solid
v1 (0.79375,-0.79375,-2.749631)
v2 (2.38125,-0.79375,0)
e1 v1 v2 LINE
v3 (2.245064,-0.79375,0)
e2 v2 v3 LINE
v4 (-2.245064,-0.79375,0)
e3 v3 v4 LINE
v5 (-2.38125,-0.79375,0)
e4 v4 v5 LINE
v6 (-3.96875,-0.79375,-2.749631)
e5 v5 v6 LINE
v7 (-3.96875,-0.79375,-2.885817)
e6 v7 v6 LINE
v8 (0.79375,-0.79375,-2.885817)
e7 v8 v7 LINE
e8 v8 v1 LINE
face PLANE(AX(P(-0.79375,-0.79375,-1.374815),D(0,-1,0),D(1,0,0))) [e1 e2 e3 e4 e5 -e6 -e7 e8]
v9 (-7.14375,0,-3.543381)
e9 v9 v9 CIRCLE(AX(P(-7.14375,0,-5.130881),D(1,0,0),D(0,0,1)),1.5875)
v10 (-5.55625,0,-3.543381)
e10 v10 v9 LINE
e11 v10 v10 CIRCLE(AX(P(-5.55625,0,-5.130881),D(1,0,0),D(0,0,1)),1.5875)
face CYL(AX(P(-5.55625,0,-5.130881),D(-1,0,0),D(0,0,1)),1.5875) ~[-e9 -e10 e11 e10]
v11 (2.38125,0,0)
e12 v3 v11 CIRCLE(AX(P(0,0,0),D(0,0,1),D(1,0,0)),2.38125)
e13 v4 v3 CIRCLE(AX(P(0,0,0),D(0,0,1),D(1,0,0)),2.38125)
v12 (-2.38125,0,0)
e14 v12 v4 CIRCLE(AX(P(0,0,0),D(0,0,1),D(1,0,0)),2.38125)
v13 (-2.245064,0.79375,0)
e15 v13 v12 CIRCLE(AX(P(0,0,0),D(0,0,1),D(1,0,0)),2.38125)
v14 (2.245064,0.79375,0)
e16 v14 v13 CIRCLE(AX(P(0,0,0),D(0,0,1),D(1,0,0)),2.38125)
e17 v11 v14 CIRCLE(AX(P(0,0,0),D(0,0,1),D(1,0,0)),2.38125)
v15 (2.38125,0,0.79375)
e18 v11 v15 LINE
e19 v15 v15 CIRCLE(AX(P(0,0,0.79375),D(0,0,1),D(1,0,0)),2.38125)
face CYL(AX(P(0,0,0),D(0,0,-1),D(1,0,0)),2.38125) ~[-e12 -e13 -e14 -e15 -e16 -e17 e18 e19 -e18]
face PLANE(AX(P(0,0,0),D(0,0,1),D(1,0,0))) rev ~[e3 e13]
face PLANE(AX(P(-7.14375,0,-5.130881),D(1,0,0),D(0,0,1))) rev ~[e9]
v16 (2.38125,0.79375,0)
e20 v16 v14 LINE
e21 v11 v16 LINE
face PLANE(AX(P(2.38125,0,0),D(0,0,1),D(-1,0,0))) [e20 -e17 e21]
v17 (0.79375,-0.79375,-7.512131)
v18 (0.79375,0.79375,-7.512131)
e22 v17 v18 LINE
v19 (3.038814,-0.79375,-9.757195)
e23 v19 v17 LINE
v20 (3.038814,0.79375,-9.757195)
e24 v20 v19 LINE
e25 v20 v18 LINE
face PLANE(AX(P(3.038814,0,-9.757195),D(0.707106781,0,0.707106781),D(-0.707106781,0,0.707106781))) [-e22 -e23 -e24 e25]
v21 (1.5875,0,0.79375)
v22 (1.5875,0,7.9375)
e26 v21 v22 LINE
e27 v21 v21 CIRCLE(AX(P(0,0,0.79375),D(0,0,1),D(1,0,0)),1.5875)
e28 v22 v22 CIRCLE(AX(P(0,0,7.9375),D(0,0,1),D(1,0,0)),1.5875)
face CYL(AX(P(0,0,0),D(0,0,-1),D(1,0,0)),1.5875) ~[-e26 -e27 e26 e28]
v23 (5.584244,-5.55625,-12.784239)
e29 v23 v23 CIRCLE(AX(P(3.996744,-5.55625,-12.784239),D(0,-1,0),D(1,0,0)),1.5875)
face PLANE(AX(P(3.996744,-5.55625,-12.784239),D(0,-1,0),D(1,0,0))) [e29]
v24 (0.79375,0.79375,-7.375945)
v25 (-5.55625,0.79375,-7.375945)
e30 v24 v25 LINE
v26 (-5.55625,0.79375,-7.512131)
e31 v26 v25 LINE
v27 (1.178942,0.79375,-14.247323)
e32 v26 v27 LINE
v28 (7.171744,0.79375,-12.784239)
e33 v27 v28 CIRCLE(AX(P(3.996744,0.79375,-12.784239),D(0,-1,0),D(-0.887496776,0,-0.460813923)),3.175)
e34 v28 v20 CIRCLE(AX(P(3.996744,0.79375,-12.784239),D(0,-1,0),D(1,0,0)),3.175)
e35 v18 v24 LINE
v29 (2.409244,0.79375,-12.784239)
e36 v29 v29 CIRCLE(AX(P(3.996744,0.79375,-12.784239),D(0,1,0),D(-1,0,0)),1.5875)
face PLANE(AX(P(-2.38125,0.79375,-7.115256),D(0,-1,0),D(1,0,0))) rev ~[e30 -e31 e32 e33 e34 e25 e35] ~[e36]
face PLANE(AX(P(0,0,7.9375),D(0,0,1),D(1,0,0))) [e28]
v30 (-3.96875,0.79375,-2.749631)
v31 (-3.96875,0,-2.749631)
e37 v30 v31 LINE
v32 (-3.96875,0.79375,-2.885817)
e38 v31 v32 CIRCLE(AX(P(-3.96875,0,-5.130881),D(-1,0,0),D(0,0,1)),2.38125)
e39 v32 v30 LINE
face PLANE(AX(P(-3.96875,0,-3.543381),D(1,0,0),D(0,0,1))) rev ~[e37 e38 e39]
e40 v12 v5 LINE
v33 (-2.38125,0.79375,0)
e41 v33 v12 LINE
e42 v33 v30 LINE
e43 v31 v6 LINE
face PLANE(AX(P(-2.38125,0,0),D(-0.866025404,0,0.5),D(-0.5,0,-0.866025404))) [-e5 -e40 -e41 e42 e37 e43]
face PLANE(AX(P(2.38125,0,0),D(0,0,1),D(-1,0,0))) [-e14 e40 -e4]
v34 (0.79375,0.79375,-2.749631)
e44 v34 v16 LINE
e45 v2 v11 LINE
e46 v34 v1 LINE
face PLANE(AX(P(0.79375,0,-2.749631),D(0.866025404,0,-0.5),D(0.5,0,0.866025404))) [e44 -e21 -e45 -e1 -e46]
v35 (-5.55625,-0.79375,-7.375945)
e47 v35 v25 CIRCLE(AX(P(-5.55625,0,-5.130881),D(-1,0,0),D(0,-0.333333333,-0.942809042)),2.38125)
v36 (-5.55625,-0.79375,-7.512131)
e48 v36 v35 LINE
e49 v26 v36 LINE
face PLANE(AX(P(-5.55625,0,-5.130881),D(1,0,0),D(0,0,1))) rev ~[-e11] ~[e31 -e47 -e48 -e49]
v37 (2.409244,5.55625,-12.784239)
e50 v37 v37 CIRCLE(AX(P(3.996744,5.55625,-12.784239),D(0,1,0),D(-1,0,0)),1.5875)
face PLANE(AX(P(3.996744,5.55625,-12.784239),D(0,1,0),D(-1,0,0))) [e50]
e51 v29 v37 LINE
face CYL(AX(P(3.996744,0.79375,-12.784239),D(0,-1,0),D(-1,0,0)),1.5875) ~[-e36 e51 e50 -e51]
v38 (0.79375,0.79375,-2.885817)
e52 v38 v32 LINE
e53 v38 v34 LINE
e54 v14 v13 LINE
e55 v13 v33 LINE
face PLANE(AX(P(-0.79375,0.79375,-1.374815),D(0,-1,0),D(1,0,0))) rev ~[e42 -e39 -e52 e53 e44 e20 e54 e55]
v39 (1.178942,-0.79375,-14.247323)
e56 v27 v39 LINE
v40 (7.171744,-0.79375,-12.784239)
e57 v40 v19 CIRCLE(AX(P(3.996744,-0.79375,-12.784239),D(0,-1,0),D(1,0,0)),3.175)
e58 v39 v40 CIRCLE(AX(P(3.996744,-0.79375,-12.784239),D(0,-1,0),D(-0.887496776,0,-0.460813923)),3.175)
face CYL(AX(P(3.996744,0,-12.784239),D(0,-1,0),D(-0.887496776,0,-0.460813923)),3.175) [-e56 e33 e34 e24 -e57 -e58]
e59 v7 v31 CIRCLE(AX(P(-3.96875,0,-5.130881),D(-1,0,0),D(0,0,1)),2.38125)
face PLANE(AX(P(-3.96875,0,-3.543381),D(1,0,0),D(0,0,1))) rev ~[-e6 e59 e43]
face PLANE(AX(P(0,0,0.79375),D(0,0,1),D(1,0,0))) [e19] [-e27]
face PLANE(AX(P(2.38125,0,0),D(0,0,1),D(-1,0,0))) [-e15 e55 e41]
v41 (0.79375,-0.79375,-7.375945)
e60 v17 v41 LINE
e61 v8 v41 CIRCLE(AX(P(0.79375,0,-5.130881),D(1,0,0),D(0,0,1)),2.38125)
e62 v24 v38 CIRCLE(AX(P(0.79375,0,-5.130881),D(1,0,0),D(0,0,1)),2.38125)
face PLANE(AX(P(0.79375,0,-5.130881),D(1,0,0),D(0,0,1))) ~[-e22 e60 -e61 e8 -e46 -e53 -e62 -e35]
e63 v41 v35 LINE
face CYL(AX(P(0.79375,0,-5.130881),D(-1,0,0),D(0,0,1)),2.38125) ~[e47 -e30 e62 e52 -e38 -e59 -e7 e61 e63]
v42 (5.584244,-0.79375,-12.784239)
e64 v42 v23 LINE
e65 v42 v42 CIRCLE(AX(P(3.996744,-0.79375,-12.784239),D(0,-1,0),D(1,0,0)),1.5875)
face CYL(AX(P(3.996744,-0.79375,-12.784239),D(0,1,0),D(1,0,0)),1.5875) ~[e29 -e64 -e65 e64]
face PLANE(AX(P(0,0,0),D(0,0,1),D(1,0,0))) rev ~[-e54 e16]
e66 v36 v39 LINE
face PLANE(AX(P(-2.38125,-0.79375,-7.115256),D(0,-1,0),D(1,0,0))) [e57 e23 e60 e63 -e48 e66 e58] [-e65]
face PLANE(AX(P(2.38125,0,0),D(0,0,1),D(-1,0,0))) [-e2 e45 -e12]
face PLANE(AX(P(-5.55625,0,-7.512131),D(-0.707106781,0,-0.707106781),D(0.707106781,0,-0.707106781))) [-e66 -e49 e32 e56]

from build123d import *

# Parameters (mm, degrees)
F0_R     = 2.38125
F0_R_2   = 1.5875
F1_DEPTH = 0.79375
F2_DEPTH = 7.9375
F3_W     = 4.7625
F3_H     = 0.79375
F4_DEPTH = 0.79375
F3_W_2   = 6.35
F6_R     = 1.5875
F7_DEPTH = 4.7625
F8_R     = 1.5875
F9_DEPTH = 4.7625


with BuildPart() as f1:
    # F0 (on Top) → F1 (new body)
    with BuildSketch(Plane.XY):
        Circle(F0_R)
        Circle(F0_R_2, mode=Mode.SUBTRACT)
    extrude(amount=F1_DEPTH)

    # F0 (on Top) → F2 (join)
    with BuildSketch(Plane.XY):
        Circle(F0_R_2)
    extrude(amount=F2_DEPTH)

    # F3 (on Front) → F4 (join, symmetric)
    with BuildSketch(Plane.XZ):
        Polygon((2.38125, 0), (0, 0), (-2.38125, 0), (-3.96875, -2.749630657), (0.79375, -2.749630657), align=None)
        with Locations((-1.5875, -3.146505657)):
            Rectangle(F3_W, F3_H)
    extrude(amount=F4_DEPTH, both=True)



with BuildPart() as f4:
    # F3 (on Front) → F4, piece 2 (new body, symmetric)
    with BuildSketch(Plane.XZ):
        with Locations((-2.38125, -7.115255657)):
            Rectangle(F3_W_2, F3_H)
        with BuildLine():
            Line((3.0388140303, -9.7571946873), (0.79375, -7.512130657))
            Line((0.79375, -7.512130657), (-5.55625, -7.512130657))
            Line((-5.55625, -7.512130657), (1.1789420908, -14.2473227478))
            ThreePointArc((1.1789420908, -14.2473227478), (1.0634268399, -11.5692186432), (3.0388140303, -9.7571946873))
        make_face()
        with BuildLine():
            Line((1.1789420908, -14.2473227478), (3.0388140303, -9.7571946873))
            ThreePointArc((3.0388140303, -9.7571946873), (1.0634268399, -11.5692186432), (1.1789420908, -14.2473227478))
        make_face()
        with BuildLine():
            ThreePointArc((7.1717443556, -12.7842385409), (5.872803552, -10.2227883869), (3.0388140303, -9.7571946873))
            Line((3.0388140303, -9.7571946873), (1.1789420908, -14.2473227478))
            ThreePointArc((1.1789420908, -14.2473227478), (4.7497725122, -15.8686466844), (7.1717443556, -12.7842385409))
        make_face()
    extrude(amount=F4_DEPTH, both=True)


with BuildPart() as f1_1:
    add(f1.part)

    add(f4.part)  # F5 merges F4
    # F3 (on Front) → F5 (revolve)
    with BuildSketch(Plane.XZ):
        Polygon((-3.96875, -3.543380657), (-3.96875, -2.749630657), (-5.55625, -2.749630657), (-5.55625, -3.543380657), (-7.14375, -3.543380657), (-7.14375, -5.130880657), (-5.55625, -5.130880657), (0.79375, -5.130880657), (0.79375, -3.543380657), align=None)
        with Locations((-1.5875, -3.146505657)):
            Rectangle(F3_W, F3_H)
    revolve(axis=Axis((-2.38125, 0, -5.130880657), (1, 0, 0)))

    # F6 (on face) → F7 (join)
    with BuildSketch(Plane.XZ.offset(0.79375)):
        with Locations((3.9967443556, -12.7842385409)):
            Circle(F6_R)
    extrude(amount=F7_DEPTH)

    # F8 (on face) → F9 (join)
    with BuildSketch(Plane(origin=(0, 0.79375, 0), x_dir=(-1, 0, 0), z_dir=(0, 1, 0))):
        with Locations((-3.9967443556, -12.7842385409)):
            Circle(F8_R)
    extrude(amount=F9_DEPTH)


solid = f1_1.part
